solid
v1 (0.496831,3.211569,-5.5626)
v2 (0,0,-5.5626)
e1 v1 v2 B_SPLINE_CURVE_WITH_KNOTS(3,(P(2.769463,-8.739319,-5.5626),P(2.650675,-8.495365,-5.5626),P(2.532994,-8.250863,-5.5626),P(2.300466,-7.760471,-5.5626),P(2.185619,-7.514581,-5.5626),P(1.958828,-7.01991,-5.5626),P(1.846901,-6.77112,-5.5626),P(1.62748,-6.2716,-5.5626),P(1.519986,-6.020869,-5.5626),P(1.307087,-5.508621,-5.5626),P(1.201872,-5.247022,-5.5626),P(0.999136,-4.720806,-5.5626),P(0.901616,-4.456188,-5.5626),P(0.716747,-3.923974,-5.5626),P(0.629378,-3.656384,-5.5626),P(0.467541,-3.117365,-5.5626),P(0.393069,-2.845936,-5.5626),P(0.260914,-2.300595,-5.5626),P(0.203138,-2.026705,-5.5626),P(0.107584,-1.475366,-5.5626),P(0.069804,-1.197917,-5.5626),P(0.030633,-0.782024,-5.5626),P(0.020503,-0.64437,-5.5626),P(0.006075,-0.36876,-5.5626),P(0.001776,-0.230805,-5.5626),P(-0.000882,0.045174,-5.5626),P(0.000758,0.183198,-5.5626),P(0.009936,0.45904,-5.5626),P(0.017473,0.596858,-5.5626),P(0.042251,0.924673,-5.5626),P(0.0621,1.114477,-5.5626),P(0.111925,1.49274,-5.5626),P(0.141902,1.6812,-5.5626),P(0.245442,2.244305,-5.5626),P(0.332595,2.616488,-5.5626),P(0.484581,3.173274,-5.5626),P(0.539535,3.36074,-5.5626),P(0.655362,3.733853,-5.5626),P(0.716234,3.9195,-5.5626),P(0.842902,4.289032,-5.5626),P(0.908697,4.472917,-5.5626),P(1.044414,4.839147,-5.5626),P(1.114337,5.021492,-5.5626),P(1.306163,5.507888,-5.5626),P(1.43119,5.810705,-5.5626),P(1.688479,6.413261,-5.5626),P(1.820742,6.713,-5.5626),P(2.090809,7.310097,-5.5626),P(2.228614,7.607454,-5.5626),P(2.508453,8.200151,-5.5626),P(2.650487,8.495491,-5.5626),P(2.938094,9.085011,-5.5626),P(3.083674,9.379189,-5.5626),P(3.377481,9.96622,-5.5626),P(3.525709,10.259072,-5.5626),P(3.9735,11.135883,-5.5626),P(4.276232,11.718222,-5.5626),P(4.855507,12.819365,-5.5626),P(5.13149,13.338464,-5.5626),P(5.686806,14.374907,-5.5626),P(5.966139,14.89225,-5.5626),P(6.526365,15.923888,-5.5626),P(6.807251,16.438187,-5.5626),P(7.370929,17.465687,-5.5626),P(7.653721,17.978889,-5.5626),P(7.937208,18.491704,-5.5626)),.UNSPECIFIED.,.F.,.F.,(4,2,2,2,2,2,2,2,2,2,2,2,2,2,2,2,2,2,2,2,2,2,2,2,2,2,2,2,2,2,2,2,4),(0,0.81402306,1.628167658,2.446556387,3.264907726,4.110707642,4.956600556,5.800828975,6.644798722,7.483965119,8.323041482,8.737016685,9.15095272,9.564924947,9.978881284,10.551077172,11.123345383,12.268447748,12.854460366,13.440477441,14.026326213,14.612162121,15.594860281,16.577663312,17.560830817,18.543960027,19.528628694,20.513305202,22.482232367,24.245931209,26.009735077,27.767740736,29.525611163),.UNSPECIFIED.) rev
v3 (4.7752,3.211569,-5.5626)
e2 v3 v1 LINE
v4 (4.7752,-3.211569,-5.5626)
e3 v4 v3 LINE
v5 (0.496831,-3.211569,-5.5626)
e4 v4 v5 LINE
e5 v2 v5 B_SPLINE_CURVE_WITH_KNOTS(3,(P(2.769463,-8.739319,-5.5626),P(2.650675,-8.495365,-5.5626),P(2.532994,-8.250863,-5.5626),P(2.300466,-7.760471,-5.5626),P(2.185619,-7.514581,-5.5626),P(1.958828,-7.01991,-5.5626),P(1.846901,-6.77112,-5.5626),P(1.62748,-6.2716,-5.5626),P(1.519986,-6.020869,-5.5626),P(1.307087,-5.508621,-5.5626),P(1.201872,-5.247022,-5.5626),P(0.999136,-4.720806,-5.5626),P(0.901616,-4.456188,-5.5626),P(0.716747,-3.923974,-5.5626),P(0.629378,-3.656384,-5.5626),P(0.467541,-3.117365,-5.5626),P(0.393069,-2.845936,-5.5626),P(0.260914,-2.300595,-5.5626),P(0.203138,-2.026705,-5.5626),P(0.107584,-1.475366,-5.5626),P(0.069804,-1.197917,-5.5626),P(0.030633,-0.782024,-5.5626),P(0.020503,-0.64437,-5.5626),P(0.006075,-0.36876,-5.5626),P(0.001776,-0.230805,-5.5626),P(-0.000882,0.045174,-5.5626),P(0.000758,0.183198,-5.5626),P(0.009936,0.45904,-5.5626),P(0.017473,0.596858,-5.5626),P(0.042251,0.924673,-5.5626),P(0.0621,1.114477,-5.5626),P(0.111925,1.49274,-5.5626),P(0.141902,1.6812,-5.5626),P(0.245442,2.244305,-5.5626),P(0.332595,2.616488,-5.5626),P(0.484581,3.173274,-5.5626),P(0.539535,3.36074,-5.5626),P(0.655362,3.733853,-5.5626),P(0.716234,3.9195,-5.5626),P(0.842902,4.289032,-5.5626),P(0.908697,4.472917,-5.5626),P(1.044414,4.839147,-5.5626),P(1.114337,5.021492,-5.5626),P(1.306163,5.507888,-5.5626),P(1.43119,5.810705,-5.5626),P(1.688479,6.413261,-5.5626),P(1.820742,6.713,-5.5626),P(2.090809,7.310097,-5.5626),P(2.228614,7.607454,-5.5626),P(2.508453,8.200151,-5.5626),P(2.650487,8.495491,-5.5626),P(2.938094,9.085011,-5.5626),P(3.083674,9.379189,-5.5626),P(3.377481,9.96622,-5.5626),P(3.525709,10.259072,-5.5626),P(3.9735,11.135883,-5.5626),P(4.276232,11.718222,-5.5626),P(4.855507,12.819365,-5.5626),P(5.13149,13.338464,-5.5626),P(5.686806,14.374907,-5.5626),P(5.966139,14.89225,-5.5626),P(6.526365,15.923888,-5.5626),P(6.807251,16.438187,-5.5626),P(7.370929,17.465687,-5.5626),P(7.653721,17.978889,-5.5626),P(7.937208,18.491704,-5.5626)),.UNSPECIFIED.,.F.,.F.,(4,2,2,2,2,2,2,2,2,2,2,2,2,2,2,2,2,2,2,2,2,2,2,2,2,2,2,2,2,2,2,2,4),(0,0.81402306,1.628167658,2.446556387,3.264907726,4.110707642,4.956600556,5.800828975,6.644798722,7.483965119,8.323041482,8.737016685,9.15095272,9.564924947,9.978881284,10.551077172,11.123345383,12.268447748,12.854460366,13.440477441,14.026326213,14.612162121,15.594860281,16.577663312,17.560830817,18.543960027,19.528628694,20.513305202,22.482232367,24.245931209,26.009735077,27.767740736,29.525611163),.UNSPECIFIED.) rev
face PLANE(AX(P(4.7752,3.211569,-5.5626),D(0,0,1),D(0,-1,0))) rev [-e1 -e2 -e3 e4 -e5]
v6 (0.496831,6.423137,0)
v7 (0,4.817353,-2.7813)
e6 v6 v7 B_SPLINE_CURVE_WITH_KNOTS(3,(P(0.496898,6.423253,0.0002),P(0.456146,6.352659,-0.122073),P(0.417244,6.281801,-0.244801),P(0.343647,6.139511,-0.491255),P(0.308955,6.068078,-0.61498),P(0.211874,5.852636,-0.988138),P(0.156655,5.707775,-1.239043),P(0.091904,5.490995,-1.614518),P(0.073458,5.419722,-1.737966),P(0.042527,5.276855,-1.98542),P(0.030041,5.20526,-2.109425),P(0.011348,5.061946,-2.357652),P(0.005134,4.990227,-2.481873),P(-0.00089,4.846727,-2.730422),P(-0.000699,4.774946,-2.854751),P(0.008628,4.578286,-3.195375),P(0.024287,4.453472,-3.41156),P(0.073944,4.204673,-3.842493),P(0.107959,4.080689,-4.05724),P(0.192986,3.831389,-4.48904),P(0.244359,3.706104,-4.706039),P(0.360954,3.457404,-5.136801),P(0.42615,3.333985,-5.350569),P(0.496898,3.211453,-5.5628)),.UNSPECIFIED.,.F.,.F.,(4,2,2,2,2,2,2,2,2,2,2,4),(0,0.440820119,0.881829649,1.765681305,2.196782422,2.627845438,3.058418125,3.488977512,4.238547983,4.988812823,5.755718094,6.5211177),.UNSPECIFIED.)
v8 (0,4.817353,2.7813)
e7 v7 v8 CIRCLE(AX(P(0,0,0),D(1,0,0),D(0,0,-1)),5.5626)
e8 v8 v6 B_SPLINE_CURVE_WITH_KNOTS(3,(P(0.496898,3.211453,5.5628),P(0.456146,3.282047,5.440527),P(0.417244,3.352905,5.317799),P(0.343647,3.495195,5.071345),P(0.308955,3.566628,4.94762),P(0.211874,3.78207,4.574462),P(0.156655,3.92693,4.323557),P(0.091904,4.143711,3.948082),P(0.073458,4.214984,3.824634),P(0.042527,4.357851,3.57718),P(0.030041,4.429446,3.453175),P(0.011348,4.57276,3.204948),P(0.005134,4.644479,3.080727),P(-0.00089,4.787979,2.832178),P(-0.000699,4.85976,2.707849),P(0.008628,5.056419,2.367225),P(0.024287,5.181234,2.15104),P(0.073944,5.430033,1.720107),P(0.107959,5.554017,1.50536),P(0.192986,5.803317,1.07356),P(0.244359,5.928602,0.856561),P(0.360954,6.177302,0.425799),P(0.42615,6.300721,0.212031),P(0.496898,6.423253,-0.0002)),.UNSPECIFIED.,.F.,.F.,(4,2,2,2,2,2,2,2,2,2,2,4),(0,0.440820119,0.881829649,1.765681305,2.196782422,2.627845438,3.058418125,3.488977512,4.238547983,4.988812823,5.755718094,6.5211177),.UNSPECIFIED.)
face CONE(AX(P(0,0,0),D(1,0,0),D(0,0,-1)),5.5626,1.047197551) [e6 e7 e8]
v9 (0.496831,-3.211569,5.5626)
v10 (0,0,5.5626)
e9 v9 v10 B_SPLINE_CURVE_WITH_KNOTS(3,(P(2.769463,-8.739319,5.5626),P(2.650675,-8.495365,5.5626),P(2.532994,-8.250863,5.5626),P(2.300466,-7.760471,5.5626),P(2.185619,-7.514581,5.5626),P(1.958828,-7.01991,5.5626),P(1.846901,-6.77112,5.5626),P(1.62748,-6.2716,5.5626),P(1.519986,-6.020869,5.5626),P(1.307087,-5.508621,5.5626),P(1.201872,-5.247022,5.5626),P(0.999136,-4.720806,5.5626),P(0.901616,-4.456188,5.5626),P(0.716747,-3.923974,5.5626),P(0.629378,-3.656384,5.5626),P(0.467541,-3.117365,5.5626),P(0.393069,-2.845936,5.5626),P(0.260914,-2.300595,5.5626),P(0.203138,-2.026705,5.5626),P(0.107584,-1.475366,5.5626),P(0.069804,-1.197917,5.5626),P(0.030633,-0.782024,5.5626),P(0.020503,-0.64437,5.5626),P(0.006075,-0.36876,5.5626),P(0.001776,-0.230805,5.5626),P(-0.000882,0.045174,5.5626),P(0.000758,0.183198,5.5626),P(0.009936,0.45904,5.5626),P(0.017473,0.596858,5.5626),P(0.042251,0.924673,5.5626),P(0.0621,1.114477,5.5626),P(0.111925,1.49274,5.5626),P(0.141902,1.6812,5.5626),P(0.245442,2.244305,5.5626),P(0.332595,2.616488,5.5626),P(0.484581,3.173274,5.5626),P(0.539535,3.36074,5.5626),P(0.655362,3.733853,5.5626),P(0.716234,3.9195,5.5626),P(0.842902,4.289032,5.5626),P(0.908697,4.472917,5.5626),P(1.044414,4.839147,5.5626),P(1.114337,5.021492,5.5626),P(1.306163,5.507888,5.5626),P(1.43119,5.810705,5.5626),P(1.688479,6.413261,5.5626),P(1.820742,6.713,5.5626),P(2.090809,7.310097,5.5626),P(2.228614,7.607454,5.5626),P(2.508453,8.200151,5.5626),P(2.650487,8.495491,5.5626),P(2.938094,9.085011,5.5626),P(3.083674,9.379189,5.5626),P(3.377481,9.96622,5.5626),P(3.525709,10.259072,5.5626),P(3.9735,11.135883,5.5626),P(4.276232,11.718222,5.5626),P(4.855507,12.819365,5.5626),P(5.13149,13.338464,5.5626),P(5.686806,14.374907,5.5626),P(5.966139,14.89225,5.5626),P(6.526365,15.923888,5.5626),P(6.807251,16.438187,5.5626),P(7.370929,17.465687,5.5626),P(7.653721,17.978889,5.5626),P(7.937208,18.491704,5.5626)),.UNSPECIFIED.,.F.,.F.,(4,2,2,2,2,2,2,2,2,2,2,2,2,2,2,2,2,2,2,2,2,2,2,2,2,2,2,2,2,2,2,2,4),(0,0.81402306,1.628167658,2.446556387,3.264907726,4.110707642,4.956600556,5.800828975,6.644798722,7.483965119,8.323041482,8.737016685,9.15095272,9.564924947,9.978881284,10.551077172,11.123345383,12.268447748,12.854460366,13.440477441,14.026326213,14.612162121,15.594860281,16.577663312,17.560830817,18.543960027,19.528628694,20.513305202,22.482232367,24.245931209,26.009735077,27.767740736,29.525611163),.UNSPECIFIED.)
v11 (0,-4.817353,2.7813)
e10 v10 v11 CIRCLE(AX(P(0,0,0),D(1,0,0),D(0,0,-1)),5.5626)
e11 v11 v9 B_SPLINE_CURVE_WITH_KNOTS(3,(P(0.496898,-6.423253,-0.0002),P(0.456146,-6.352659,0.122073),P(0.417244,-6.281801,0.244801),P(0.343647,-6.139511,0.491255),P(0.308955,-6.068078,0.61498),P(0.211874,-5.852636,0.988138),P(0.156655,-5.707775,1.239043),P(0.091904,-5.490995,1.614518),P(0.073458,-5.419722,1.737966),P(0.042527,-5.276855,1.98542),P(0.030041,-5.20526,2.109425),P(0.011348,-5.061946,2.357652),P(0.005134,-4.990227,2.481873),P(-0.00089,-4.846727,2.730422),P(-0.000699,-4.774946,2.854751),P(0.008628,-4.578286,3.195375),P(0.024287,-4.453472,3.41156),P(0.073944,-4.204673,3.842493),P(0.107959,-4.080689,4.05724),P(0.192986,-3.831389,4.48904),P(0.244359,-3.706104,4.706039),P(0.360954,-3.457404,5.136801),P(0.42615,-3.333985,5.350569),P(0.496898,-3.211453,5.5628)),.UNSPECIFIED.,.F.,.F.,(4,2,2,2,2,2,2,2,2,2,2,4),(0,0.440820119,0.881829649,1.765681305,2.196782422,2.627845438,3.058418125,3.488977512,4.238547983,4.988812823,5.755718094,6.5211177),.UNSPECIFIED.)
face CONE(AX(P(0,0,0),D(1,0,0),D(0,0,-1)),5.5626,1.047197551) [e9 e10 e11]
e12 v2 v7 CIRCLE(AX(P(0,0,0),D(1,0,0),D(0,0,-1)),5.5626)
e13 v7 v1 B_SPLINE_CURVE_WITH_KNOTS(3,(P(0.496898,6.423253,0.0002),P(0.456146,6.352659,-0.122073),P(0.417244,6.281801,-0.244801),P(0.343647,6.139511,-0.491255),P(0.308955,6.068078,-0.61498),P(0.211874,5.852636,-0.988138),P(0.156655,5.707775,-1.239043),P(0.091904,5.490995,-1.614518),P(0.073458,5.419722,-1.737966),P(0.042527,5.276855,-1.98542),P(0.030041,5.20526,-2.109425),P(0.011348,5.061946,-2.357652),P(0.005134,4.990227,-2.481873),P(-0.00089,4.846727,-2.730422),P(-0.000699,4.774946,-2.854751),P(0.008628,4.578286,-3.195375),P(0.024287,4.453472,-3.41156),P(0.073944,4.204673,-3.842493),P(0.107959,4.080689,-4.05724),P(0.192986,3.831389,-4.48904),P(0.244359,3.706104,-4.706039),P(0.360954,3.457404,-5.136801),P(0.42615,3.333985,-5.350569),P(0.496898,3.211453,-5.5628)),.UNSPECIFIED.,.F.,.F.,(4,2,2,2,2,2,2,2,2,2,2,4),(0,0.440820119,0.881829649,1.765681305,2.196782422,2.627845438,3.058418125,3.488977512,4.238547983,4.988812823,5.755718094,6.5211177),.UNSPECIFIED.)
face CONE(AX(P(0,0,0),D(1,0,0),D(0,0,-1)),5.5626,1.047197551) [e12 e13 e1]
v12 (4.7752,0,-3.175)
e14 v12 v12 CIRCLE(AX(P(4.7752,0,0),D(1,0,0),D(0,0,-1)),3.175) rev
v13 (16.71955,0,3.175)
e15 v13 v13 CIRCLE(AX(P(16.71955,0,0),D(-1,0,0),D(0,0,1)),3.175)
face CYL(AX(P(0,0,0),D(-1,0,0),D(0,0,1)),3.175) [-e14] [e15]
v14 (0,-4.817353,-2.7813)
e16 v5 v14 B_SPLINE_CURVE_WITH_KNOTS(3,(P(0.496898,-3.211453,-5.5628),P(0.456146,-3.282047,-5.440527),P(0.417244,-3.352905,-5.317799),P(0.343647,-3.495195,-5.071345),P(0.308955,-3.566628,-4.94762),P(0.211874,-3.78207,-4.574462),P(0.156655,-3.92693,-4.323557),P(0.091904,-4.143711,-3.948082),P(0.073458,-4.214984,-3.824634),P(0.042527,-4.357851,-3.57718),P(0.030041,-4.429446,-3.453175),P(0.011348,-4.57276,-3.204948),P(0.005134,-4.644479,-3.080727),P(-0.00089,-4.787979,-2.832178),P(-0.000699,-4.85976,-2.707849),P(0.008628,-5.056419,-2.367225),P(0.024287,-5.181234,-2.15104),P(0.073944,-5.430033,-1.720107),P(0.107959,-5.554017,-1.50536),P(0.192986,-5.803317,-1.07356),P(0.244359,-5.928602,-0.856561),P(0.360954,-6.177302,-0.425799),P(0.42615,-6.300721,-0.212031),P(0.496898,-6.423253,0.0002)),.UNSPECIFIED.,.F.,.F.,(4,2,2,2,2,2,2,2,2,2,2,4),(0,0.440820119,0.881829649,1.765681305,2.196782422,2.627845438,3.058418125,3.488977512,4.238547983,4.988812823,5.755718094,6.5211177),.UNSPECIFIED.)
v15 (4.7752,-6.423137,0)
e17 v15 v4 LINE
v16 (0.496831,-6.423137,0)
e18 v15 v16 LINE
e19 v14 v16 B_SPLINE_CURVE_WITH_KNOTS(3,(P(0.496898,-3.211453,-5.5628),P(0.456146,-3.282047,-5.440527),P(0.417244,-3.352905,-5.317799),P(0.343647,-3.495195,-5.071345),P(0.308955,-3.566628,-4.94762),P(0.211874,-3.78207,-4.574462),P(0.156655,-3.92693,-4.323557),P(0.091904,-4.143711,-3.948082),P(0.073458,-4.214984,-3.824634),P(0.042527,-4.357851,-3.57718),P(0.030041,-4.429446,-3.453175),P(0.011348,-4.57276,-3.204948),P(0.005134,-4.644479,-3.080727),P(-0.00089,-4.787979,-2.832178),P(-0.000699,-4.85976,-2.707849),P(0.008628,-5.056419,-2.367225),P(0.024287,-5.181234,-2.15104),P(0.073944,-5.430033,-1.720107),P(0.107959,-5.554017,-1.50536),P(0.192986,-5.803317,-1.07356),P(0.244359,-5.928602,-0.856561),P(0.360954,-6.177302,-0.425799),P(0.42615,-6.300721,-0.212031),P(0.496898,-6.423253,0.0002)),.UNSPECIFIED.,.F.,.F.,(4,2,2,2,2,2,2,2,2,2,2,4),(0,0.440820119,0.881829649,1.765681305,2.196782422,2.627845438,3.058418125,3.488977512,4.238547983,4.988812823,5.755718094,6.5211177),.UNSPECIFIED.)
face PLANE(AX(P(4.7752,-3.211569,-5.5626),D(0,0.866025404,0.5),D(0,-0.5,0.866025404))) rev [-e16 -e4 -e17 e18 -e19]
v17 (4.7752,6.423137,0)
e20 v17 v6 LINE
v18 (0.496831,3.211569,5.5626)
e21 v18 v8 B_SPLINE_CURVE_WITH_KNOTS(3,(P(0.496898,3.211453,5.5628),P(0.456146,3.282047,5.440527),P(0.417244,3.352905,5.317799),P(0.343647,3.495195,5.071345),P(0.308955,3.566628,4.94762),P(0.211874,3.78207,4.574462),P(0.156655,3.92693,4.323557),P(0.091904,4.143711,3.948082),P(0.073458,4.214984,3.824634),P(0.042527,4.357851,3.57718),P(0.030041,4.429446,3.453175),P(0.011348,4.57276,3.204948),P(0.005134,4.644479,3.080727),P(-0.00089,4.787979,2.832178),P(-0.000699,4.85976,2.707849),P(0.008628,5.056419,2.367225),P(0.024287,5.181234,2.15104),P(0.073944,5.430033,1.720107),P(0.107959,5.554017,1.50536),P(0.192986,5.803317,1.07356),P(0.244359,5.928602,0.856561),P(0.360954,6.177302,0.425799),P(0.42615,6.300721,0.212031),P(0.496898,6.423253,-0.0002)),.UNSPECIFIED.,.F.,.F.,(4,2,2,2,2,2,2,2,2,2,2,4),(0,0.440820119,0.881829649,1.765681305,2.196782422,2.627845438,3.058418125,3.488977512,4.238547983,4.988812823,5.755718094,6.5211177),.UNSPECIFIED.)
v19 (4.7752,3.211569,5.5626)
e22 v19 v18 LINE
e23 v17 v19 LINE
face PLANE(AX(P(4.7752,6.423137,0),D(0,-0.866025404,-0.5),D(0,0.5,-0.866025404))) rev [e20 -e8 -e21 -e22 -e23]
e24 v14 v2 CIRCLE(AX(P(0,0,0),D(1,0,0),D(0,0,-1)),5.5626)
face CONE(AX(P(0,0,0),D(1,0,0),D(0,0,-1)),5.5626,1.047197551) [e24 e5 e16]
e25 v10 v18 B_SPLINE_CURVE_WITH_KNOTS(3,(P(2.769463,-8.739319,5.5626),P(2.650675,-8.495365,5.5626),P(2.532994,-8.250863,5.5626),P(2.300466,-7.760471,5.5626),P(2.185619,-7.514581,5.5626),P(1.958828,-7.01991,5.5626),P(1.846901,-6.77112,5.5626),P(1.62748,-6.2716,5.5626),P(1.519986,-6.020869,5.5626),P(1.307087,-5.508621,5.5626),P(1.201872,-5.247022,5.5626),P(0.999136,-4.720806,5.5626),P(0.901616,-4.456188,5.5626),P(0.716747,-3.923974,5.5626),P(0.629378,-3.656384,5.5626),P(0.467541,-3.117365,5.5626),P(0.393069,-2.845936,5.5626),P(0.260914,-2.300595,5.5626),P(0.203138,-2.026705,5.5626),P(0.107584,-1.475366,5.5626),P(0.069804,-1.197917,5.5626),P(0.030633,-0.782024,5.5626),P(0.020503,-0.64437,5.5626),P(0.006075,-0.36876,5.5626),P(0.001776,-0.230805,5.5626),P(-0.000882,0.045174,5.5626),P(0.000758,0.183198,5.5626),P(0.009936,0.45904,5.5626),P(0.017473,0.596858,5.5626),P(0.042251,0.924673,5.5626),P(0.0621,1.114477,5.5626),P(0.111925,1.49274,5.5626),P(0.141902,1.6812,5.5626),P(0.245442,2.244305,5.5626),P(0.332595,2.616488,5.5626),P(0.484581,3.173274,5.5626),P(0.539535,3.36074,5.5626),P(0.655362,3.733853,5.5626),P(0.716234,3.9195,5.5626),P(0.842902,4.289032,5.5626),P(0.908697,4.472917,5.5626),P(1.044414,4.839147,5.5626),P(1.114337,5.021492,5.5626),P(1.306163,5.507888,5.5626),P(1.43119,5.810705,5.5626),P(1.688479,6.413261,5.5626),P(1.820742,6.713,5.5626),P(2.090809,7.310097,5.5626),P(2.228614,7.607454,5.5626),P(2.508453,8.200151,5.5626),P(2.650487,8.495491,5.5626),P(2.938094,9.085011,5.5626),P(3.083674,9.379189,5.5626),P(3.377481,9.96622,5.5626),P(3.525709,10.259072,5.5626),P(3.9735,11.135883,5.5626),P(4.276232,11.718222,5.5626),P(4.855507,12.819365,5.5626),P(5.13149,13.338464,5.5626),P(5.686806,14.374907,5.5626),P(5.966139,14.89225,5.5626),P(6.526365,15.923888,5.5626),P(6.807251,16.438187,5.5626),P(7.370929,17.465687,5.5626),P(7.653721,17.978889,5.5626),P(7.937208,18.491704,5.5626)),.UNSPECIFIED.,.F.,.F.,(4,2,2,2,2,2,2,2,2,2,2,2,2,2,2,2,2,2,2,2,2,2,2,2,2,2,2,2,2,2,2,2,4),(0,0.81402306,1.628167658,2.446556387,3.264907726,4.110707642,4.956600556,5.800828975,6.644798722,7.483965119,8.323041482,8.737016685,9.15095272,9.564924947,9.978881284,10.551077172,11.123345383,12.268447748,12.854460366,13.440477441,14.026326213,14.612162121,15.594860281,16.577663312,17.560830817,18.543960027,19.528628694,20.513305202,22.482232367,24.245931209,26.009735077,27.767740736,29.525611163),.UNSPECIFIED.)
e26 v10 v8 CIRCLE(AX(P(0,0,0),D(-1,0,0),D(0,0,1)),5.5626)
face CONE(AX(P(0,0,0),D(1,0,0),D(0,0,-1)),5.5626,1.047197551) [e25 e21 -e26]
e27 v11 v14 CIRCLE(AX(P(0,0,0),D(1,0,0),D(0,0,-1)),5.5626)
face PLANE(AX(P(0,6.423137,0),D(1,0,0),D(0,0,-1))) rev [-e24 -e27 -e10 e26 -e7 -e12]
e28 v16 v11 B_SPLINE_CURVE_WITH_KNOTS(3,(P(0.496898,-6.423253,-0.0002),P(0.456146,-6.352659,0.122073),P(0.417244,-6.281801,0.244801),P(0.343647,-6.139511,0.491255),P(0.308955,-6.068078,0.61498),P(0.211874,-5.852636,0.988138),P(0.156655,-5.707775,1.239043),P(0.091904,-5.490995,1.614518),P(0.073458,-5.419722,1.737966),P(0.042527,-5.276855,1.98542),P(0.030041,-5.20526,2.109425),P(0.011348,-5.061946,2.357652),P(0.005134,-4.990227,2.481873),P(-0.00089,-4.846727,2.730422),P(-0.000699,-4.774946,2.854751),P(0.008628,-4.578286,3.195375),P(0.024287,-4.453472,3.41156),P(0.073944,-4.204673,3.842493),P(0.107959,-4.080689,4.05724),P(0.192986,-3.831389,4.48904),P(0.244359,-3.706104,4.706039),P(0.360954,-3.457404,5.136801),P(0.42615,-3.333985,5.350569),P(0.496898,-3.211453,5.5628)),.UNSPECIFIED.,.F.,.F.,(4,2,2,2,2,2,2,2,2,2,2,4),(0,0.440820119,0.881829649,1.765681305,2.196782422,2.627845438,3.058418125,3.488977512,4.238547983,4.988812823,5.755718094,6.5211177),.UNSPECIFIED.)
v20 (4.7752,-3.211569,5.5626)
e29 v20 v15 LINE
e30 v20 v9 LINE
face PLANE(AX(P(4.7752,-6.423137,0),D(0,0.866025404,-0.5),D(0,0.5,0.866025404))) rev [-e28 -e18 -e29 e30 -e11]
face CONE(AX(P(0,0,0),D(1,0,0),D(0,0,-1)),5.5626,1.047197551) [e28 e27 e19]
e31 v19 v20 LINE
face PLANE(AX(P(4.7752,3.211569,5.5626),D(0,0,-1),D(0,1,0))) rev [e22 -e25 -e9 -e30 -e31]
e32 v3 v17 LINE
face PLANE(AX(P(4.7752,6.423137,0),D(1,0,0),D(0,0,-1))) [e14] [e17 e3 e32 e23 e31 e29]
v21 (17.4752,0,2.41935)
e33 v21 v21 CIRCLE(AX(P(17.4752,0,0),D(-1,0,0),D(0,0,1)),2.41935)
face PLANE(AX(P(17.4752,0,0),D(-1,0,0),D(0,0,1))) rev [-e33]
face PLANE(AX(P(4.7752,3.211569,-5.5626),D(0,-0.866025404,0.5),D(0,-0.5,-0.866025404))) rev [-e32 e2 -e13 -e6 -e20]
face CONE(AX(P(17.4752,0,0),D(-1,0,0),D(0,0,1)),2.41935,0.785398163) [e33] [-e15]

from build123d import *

# Parameters (mm, degrees)
BASEHEAD_DEPTH = 4.7752


with BuildPart() as part:
    # Sketch1 → BaseHead (new body)
    with BuildSketch(Plane(origin=(0, 0, 0), x_dir=(0, 0, -1), z_dir=(1, 0, 0))):
        Polygon((5.5626, 3.211568607), (5.5626, -3.211568607), (0, -6.423137215), (-5.5626, -3.211568607), (-5.5626, 3.211568607), (0, 6.423137215), align=None)
    extrude(amount=BASEHEAD_DEPTH)

    # BodySke → BaseBody (revolve)
    with BuildSketch(Plane.XY, mode=Mode.PRIVATE) as basebody_sk:
        Polygon((0, 0), (17.4752, 0), (17.4752, 2.41935), (16.71955, 3.175), (0, 3.175), align=None)
    revolve(basebody_sk.sketch.rotate(Axis((0, 0, 0), (1, 0, 0)), 90), axis=Axis((0, 0, 0), (1, 0, 0)))

    # Sketch3 → HeadChamfer (revolve, cut)
    with BuildSketch(Plane.XY):
        Polygon((0, 5.5626), (4.163005602, 12.773137215), (4.163005602, 19.123137215), (-12.7, 19.123137215), (-12.7, 5.5626), align=None)
    revolve(axis=Axis((0, 0, 0), (1, 0, 0)), mode=Mode.SUBTRACT)


solid = part.part
